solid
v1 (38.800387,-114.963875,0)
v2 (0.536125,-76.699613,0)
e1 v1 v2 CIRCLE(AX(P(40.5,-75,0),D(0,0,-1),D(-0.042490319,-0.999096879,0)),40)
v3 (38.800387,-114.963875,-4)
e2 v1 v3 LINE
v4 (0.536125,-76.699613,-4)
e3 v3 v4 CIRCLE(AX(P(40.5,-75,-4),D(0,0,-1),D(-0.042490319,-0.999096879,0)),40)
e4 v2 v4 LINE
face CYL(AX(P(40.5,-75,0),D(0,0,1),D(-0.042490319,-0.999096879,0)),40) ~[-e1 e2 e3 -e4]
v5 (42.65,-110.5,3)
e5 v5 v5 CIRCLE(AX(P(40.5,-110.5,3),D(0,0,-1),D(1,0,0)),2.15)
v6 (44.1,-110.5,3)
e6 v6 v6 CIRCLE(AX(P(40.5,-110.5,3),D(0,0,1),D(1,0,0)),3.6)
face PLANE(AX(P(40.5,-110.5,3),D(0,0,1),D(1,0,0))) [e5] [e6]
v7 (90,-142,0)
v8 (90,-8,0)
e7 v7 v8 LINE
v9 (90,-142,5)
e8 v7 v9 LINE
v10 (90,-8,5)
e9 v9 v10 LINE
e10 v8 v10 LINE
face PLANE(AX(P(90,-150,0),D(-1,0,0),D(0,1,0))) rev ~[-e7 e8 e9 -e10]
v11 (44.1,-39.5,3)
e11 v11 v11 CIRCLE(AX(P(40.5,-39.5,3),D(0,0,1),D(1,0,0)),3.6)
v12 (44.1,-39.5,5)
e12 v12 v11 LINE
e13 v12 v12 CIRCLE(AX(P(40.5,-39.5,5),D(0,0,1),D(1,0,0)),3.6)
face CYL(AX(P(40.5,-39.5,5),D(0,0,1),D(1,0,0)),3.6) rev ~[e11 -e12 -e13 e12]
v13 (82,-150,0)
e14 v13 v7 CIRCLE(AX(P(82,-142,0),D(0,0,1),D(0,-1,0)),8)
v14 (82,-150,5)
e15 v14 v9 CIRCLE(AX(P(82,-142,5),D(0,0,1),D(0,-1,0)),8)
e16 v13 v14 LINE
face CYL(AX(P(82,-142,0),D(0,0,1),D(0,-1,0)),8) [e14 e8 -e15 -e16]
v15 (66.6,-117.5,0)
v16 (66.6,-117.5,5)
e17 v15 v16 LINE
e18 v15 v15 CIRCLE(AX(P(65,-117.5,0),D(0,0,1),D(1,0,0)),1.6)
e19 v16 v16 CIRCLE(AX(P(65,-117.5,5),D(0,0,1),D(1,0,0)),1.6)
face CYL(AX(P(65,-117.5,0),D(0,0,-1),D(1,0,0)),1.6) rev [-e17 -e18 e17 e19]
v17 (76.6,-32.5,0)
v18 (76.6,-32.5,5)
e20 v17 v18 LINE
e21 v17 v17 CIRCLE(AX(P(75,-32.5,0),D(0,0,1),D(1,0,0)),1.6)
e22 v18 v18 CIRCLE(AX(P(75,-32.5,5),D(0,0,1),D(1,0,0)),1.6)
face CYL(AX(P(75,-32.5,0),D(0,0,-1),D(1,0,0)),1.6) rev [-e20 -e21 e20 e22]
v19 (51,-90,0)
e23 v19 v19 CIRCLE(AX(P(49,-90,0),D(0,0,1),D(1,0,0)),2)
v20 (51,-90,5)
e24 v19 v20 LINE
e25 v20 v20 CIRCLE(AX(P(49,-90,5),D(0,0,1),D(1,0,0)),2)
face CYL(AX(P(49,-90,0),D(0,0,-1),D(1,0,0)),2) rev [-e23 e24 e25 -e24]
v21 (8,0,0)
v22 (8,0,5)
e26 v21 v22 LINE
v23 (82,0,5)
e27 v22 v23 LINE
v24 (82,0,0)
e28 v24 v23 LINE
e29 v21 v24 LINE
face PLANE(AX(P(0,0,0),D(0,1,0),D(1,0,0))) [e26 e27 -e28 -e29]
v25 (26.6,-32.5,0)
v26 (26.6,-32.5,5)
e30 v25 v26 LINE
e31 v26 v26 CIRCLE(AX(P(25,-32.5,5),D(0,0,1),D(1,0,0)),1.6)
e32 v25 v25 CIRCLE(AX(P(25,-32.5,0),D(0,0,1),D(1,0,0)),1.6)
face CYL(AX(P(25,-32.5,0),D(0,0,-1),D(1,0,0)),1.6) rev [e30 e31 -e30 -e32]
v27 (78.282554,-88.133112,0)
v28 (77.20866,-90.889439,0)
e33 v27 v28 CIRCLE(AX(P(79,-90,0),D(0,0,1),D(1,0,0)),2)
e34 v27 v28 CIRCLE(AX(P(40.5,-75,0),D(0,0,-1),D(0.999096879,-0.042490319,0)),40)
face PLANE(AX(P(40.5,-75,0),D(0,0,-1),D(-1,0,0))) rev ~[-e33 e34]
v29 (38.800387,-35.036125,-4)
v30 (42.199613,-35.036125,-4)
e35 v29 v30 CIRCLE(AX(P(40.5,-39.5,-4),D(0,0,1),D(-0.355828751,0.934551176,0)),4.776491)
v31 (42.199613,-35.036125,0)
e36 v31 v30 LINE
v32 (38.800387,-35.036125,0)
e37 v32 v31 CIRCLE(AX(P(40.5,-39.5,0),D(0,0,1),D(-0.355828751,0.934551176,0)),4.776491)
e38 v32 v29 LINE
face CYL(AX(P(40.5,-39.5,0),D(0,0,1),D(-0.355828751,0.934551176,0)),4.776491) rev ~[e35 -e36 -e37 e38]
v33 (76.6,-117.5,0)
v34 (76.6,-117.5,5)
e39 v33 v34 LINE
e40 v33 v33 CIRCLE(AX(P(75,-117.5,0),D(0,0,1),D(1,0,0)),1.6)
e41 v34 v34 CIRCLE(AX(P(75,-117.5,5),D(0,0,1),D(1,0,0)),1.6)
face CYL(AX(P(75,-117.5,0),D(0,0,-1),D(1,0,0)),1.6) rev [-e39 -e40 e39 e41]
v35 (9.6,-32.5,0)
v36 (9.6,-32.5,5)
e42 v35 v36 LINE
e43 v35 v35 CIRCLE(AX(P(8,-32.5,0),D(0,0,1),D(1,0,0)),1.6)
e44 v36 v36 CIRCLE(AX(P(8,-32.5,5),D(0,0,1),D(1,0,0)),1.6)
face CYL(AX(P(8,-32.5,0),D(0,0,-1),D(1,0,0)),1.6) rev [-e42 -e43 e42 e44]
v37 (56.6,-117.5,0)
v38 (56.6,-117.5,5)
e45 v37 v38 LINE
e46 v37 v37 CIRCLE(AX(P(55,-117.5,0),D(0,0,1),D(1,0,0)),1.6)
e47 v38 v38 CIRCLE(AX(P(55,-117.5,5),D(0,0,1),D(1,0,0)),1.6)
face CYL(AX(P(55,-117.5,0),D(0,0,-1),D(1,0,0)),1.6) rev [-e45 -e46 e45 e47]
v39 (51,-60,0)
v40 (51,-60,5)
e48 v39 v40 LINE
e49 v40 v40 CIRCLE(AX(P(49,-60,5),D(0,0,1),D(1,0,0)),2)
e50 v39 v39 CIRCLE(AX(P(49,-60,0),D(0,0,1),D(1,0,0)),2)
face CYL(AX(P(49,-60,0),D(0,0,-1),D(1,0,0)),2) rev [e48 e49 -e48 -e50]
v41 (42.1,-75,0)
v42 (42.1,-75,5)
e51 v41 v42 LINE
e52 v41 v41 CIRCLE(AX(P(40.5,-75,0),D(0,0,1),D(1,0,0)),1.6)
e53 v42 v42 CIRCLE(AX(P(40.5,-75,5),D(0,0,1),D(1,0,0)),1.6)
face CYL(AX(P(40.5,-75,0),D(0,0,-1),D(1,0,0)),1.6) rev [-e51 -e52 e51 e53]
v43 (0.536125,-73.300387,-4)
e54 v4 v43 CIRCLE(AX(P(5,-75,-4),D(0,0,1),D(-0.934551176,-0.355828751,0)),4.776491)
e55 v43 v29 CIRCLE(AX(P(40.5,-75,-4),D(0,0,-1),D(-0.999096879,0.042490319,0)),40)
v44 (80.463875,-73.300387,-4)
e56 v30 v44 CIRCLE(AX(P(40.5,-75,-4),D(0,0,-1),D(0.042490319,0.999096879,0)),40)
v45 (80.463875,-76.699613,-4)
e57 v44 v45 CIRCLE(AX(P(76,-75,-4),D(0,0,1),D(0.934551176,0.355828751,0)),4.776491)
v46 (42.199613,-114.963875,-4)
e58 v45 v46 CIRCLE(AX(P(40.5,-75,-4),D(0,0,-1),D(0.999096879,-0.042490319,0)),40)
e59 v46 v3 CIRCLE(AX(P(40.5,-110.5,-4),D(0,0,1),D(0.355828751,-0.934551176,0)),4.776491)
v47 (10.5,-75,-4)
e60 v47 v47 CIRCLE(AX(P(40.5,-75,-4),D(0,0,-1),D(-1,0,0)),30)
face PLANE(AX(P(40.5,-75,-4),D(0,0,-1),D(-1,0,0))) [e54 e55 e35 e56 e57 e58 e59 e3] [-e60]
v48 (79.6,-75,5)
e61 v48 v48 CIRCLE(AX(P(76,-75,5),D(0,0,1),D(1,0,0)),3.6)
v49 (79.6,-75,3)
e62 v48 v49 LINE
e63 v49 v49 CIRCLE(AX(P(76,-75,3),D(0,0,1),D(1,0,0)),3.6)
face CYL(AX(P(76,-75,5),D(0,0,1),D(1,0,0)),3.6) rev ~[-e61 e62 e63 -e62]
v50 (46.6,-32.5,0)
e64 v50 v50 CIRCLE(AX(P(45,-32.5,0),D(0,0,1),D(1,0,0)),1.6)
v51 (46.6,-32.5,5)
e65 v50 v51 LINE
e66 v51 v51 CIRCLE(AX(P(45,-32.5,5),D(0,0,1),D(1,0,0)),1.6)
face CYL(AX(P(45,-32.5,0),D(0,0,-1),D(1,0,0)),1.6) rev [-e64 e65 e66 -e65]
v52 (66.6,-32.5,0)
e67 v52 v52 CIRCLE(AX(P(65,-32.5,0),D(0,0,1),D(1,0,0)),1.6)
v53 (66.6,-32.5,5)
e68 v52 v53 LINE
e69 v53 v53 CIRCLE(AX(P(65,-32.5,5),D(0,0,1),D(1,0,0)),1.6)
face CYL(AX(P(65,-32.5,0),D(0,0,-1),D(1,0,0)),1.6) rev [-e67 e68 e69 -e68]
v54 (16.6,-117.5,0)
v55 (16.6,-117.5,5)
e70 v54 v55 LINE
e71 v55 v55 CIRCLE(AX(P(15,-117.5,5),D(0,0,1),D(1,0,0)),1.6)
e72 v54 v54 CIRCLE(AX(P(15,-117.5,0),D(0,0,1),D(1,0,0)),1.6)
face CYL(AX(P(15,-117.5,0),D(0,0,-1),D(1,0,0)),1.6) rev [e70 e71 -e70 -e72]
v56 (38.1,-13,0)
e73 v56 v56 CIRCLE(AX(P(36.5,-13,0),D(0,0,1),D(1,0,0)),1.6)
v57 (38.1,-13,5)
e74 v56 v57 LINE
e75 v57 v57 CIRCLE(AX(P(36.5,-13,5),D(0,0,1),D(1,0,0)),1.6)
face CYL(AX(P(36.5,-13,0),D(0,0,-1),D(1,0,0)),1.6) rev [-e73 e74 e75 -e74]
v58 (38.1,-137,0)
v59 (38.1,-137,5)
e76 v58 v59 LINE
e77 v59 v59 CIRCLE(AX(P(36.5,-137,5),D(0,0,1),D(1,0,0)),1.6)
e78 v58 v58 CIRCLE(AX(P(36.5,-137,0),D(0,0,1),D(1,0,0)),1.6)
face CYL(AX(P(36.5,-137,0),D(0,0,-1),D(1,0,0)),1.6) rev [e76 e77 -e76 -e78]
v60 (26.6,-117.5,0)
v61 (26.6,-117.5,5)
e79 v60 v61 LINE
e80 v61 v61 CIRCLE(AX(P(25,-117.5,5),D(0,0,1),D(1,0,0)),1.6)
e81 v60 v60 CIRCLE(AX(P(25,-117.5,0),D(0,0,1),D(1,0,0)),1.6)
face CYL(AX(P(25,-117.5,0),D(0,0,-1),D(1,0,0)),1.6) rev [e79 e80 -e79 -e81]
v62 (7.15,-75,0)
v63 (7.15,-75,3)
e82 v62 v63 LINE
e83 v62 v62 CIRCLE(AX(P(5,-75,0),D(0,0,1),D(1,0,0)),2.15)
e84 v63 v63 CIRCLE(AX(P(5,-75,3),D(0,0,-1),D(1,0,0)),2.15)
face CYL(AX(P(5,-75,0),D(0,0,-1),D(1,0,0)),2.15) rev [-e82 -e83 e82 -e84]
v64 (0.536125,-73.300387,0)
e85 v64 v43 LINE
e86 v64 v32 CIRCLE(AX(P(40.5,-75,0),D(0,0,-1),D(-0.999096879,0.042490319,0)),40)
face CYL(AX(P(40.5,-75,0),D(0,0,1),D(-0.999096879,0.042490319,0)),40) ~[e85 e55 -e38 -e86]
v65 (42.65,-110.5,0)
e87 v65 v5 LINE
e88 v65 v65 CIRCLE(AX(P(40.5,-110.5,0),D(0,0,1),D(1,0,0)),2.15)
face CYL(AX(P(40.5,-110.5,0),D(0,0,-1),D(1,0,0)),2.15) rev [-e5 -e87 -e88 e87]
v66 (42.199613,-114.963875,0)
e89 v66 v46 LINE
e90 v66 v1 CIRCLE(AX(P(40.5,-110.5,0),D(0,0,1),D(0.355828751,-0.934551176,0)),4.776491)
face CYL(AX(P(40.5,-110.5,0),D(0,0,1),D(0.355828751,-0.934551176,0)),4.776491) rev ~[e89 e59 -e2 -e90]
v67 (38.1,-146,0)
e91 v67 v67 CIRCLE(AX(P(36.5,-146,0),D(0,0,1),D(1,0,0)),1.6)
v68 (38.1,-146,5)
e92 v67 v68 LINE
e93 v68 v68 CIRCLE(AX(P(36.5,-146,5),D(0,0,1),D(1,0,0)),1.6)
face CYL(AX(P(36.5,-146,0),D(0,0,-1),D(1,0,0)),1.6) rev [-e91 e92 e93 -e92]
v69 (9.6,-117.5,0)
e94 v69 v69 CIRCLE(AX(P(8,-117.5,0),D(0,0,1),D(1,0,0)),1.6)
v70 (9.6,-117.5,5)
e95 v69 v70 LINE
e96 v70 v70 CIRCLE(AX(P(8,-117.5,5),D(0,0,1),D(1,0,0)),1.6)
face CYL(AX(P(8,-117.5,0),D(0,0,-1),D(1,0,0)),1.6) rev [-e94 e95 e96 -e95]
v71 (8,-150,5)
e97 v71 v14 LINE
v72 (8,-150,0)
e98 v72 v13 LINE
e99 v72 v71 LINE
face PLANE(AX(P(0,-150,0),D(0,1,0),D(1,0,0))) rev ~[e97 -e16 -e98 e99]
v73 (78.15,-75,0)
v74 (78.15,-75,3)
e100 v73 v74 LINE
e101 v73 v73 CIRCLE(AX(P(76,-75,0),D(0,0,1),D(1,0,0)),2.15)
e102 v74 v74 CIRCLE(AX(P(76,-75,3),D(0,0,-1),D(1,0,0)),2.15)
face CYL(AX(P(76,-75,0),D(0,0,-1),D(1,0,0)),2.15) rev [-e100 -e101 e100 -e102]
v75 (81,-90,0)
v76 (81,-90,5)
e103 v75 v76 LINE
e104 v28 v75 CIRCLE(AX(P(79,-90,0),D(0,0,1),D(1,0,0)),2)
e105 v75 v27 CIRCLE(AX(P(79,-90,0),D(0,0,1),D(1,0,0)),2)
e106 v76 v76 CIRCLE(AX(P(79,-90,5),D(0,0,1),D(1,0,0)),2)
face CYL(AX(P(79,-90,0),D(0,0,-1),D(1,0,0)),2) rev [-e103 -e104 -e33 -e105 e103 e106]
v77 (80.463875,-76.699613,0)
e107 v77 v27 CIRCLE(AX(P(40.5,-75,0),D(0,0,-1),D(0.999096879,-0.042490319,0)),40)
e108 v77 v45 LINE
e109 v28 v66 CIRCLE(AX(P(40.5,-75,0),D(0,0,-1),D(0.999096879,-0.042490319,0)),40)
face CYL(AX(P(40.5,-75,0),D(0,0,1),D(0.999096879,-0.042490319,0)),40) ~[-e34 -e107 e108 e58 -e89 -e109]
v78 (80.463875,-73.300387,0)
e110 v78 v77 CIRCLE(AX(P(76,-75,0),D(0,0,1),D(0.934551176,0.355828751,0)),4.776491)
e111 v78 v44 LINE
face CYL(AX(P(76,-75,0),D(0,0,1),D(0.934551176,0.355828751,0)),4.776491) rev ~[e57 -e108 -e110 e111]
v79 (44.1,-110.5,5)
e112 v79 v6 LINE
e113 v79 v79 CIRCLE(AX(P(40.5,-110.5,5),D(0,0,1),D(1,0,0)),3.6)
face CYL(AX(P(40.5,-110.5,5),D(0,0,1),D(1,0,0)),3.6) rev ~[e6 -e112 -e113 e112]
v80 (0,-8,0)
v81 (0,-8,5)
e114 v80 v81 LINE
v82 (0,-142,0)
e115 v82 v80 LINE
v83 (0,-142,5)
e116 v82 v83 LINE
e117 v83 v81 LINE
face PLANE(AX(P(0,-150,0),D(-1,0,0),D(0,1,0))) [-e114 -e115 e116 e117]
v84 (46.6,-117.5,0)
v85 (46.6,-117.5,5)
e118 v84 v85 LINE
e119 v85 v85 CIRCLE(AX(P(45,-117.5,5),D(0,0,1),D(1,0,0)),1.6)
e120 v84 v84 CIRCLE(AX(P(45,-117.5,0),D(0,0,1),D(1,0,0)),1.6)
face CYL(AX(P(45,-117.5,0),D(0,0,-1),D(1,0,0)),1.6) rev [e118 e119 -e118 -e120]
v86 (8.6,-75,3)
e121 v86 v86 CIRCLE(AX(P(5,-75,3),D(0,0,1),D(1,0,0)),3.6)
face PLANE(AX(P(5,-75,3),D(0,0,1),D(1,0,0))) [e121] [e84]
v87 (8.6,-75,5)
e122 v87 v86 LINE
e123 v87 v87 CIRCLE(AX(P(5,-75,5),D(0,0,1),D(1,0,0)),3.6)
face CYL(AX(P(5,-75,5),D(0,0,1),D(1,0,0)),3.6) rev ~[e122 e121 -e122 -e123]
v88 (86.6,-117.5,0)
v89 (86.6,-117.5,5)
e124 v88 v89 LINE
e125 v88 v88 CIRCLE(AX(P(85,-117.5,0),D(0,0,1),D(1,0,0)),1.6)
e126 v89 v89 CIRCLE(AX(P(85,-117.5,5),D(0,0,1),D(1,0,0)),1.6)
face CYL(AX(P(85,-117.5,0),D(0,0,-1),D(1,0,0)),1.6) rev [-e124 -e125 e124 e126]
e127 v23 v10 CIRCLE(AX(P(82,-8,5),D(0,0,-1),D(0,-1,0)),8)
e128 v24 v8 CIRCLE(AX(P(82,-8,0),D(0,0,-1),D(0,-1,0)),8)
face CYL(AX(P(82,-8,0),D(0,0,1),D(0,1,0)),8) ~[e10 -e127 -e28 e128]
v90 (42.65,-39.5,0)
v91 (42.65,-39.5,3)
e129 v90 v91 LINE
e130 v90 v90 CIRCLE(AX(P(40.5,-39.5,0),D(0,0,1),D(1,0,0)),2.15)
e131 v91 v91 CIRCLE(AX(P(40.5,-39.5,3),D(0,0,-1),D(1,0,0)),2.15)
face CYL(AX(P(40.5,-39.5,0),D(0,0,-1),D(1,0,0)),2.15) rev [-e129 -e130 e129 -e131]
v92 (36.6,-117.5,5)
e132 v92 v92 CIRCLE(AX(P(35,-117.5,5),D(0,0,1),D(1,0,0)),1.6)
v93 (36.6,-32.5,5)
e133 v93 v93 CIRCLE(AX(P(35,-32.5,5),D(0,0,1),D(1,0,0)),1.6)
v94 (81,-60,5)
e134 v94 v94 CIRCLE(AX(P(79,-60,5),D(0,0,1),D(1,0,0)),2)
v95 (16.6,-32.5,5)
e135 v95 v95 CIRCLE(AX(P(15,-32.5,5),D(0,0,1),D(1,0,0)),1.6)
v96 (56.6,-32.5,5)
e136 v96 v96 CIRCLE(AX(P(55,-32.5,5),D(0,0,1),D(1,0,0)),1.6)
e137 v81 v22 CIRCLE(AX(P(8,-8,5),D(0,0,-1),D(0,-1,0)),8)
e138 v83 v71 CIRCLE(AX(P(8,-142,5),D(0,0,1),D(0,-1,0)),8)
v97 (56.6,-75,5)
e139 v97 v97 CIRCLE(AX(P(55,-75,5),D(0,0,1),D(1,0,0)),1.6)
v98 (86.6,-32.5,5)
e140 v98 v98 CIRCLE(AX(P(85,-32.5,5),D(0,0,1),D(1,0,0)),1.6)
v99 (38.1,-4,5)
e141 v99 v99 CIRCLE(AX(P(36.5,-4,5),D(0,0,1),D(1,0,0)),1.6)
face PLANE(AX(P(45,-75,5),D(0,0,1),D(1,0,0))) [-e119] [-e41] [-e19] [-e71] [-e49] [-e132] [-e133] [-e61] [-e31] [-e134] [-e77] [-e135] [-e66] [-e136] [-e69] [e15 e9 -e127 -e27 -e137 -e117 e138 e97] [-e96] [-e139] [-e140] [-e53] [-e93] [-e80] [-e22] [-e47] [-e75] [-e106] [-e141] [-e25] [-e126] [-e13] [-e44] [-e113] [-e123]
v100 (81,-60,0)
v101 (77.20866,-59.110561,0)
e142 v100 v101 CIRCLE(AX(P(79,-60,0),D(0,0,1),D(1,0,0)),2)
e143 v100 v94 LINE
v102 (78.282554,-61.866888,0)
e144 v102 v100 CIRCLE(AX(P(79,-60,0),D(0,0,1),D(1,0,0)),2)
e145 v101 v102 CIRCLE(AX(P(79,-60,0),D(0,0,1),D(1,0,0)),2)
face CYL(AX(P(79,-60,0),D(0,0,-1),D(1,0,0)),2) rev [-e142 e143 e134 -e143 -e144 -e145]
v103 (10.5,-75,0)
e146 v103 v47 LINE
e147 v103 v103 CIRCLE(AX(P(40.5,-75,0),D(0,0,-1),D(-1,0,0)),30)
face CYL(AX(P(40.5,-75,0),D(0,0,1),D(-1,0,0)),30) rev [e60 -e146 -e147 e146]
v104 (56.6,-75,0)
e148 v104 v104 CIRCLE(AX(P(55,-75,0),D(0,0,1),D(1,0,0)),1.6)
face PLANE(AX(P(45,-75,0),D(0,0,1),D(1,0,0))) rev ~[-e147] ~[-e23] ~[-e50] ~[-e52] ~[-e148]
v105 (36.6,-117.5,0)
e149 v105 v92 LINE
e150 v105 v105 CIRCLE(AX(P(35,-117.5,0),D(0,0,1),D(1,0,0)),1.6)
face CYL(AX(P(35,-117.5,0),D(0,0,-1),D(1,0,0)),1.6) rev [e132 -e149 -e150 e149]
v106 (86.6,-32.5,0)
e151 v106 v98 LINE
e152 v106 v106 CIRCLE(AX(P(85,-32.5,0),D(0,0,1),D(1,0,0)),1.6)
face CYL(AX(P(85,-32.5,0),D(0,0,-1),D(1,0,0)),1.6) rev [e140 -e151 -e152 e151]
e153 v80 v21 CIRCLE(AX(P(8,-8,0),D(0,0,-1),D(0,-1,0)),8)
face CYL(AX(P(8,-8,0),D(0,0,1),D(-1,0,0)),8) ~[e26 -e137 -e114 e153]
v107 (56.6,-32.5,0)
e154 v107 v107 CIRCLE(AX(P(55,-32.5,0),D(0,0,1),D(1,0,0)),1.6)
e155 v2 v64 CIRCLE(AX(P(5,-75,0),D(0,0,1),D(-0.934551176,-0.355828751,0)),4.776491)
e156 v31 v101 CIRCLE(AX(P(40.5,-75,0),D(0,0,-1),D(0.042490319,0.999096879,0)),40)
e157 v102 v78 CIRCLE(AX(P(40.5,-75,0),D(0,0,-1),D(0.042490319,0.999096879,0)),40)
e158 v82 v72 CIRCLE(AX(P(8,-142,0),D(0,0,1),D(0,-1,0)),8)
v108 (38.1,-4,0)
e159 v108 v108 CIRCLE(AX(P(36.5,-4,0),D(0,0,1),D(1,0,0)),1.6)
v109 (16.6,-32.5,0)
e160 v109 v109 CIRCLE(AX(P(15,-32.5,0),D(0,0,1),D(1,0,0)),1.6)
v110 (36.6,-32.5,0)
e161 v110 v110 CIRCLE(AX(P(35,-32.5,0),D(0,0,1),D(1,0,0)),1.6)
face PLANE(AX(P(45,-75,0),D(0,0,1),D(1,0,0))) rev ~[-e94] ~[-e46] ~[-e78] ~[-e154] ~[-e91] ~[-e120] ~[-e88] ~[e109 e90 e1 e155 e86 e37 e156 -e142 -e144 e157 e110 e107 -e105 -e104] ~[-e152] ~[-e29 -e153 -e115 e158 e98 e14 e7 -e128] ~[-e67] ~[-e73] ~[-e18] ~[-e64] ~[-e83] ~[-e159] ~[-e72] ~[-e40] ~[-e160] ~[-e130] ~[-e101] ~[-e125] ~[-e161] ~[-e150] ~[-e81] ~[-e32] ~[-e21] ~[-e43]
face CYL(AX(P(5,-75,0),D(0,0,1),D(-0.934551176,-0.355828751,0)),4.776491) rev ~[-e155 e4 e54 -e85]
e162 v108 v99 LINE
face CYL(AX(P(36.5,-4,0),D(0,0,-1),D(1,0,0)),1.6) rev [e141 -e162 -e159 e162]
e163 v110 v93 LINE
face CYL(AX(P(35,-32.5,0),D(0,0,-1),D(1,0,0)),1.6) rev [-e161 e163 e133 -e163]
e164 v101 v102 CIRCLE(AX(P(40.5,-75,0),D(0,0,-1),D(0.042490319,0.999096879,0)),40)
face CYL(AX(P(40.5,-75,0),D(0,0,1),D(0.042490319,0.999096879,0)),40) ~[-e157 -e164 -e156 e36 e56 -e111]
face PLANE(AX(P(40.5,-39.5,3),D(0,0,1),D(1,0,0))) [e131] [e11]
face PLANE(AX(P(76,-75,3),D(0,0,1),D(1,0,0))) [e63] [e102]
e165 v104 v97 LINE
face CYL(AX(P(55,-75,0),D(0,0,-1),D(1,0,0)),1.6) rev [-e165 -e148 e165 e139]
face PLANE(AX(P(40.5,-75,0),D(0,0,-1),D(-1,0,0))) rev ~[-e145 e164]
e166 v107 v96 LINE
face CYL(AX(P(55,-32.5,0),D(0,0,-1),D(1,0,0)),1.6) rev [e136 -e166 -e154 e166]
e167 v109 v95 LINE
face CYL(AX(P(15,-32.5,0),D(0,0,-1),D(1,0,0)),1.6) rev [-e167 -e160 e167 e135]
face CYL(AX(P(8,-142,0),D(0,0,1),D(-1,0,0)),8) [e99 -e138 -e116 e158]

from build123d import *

# Parameters (mm, degrees)
SKETCH_1_W          = 90
SKETCH_1_H          = 150
SKETCH_1_R          = 2
SKETCH_1_R_2        = 2.15
SKETCH_1_R_3        = 1.6
EXTRUDE_1_DEPTH     = 5
FILLET_1_R          = 8
SKETCH_2_R          = 3.6
CUT_EXTRUDE_1_DEPTH = 2
SKETCH_4_R          = 30
EXTRUDE_2_DEPTH     = 4


with BuildPart() as part:
    # 草图1 → 凸台-拉伸1 (new body)
    with BuildSketch(Plane.XY):
        with Locations((45, -75)):
            Rectangle(SKETCH_1_W, SKETCH_1_H)
        with Locations((79, -60)):
            Circle(SKETCH_1_R, mode=Mode.SUBTRACT)
        with Locations((79, -90)):
            Circle(SKETCH_1_R, mode=Mode.SUBTRACT)
        with Locations((49, -60)):
            Circle(SKETCH_1_R, mode=Mode.SUBTRACT)
        with Locations((49, -90)):
            Circle(SKETCH_1_R, mode=Mode.SUBTRACT)
        with Locations((40.5, -39.5)):
            Circle(SKETCH_1_R_2, mode=Mode.SUBTRACT)
        with Locations((40.5, -110.5)):
            Circle(SKETCH_1_R_2, mode=Mode.SUBTRACT)
        with Locations((76, -75)):
            Circle(SKETCH_1_R_2, mode=Mode.SUBTRACT)
        with Locations((5, -75)):
            Circle(SKETCH_1_R_2, mode=Mode.SUBTRACT)
        with Locations((85, -117.5)):
            Circle(SKETCH_1_R_3, mode=Mode.SUBTRACT)
        with Locations((75, -117.5)):
            Circle(SKETCH_1_R_3, mode=Mode.SUBTRACT)
        with Locations((65, -117.5)):
            Circle(SKETCH_1_R_3, mode=Mode.SUBTRACT)
        with Locations((55, -117.5)):
            Circle(SKETCH_1_R_3, mode=Mode.SUBTRACT)
        with Locations((45, -117.5)):
            Circle(SKETCH_1_R_3, mode=Mode.SUBTRACT)
        with Locations((85, -32.5)):
            Circle(SKETCH_1_R_3, mode=Mode.SUBTRACT)
        with Locations((75, -32.5)):
            Circle(SKETCH_1_R_3, mode=Mode.SUBTRACT)
        with Locations((65, -32.5)):
            Circle(SKETCH_1_R_3, mode=Mode.SUBTRACT)
        with Locations((55, -32.5)):
            Circle(SKETCH_1_R_3, mode=Mode.SUBTRACT)
        with Locations((45, -32.5)):
            Circle(SKETCH_1_R_3, mode=Mode.SUBTRACT)
        with Locations((35, -117.5)):
            Circle(SKETCH_1_R_3, mode=Mode.SUBTRACT)
        with Locations((25, -117.5)):
            Circle(SKETCH_1_R_3, mode=Mode.SUBTRACT)
        with Locations((15, -117.5)):
            Circle(SKETCH_1_R_3, mode=Mode.SUBTRACT)
        with Locations((35, -32.5)):
            Circle(SKETCH_1_R_3, mode=Mode.SUBTRACT)
        with Locations((25, -32.5)):
            Circle(SKETCH_1_R_3, mode=Mode.SUBTRACT)
        with Locations((15, -32.5)):
            Circle(SKETCH_1_R_3, mode=Mode.SUBTRACT)
        with Locations((8, -117.5)):
            Circle(SKETCH_1_R_3, mode=Mode.SUBTRACT)
        with Locations((8, -32.5)):
            Circle(SKETCH_1_R_3, mode=Mode.SUBTRACT)
        with Locations((36.5, -4)):
            Circle(SKETCH_1_R_3, mode=Mode.SUBTRACT)
        with Locations((36.5, -13)):
            Circle(SKETCH_1_R_3, mode=Mode.SUBTRACT)
        with Locations((36.5, -137)):
            Circle(SKETCH_1_R_3, mode=Mode.SUBTRACT)
        with Locations((36.5, -146)):
            Circle(SKETCH_1_R_3, mode=Mode.SUBTRACT)
        with Locations((55, -75)):
            Circle(SKETCH_1_R_3, mode=Mode.SUBTRACT)
        with Locations((40.5, -75)):
            Circle(SKETCH_1_R_3, mode=Mode.SUBTRACT)
    extrude(amount=EXTRUDE_1_DEPTH)

    # 圆角1
    fillet_1_edges = [part.edges().sort_by_distance(p)[0] for p in [
        (0, 0, 2.5),
        (90, 0, 2.5),
        (90, -150, 2.5),
        (0, -150, 2.5),
    ]]
    fillet(fillet_1_edges, radius=FILLET_1_R)

    # 草图2 → 切除-拉伸1 (cut)
    with BuildSketch(Plane.XY.offset(5)):
        with Locations((40.5, -39.5)):
            Circle(SKETCH_2_R)
        with Locations((76, -75)):
            Circle(SKETCH_2_R)
        with Locations((5, -75)):
            Circle(SKETCH_2_R)
        with Locations((40.5, -110.5)):
            Circle(SKETCH_2_R)
    extrude(amount=-CUT_EXTRUDE_1_DEPTH, mode=Mode.SUBTRACT)

    # 草图4 → 凸台-拉伸2 (add)
    with BuildSketch(Plane(origin=(0, 0, 0), x_dir=(-1, 0, 0), z_dir=(0, 0, -1))):
        with BuildLine():
            ThreePointArc((-42.199612772, -35.036124857), (-68.784271247, -46.715728753), (-80.463875143, -73.300387228))
            ThreePointArc((-80.463875143, -73.300387228), (-71.223509147, -75), (-80.463875143, -76.699612772))
            ThreePointArc((-80.463875143, -76.699612772), (-68.784271247, -103.284271247), (-42.199612772, -114.963875143))
            ThreePointArc((-42.199612772, -114.963875143), (-40.5, -105.723509147), (-38.800387228, -114.963875143))
            ThreePointArc((-38.800387228, -114.963875143), (-12.215728753, -103.284271247), (-0.536124857, -76.699612772))
            ThreePointArc((-0.536124857, -76.699612772), (-9.776490853, -75), (-0.536124857, -73.300387228))
            ThreePointArc((-0.536124857, -73.300387228), (-12.215728753, -46.715728753), (-38.800387228, -35.036124857))
            ThreePointArc((-38.800387228, -35.036124857), (-40.5, -44.276490853), (-42.199612772, -35.036124857))
        make_face()
        with Locations((-40.5, -75)):
            Circle(SKETCH_4_R, mode=Mode.SUBTRACT)
    extrude(amount=EXTRUDE_2_DEPTH)


solid = part.part
